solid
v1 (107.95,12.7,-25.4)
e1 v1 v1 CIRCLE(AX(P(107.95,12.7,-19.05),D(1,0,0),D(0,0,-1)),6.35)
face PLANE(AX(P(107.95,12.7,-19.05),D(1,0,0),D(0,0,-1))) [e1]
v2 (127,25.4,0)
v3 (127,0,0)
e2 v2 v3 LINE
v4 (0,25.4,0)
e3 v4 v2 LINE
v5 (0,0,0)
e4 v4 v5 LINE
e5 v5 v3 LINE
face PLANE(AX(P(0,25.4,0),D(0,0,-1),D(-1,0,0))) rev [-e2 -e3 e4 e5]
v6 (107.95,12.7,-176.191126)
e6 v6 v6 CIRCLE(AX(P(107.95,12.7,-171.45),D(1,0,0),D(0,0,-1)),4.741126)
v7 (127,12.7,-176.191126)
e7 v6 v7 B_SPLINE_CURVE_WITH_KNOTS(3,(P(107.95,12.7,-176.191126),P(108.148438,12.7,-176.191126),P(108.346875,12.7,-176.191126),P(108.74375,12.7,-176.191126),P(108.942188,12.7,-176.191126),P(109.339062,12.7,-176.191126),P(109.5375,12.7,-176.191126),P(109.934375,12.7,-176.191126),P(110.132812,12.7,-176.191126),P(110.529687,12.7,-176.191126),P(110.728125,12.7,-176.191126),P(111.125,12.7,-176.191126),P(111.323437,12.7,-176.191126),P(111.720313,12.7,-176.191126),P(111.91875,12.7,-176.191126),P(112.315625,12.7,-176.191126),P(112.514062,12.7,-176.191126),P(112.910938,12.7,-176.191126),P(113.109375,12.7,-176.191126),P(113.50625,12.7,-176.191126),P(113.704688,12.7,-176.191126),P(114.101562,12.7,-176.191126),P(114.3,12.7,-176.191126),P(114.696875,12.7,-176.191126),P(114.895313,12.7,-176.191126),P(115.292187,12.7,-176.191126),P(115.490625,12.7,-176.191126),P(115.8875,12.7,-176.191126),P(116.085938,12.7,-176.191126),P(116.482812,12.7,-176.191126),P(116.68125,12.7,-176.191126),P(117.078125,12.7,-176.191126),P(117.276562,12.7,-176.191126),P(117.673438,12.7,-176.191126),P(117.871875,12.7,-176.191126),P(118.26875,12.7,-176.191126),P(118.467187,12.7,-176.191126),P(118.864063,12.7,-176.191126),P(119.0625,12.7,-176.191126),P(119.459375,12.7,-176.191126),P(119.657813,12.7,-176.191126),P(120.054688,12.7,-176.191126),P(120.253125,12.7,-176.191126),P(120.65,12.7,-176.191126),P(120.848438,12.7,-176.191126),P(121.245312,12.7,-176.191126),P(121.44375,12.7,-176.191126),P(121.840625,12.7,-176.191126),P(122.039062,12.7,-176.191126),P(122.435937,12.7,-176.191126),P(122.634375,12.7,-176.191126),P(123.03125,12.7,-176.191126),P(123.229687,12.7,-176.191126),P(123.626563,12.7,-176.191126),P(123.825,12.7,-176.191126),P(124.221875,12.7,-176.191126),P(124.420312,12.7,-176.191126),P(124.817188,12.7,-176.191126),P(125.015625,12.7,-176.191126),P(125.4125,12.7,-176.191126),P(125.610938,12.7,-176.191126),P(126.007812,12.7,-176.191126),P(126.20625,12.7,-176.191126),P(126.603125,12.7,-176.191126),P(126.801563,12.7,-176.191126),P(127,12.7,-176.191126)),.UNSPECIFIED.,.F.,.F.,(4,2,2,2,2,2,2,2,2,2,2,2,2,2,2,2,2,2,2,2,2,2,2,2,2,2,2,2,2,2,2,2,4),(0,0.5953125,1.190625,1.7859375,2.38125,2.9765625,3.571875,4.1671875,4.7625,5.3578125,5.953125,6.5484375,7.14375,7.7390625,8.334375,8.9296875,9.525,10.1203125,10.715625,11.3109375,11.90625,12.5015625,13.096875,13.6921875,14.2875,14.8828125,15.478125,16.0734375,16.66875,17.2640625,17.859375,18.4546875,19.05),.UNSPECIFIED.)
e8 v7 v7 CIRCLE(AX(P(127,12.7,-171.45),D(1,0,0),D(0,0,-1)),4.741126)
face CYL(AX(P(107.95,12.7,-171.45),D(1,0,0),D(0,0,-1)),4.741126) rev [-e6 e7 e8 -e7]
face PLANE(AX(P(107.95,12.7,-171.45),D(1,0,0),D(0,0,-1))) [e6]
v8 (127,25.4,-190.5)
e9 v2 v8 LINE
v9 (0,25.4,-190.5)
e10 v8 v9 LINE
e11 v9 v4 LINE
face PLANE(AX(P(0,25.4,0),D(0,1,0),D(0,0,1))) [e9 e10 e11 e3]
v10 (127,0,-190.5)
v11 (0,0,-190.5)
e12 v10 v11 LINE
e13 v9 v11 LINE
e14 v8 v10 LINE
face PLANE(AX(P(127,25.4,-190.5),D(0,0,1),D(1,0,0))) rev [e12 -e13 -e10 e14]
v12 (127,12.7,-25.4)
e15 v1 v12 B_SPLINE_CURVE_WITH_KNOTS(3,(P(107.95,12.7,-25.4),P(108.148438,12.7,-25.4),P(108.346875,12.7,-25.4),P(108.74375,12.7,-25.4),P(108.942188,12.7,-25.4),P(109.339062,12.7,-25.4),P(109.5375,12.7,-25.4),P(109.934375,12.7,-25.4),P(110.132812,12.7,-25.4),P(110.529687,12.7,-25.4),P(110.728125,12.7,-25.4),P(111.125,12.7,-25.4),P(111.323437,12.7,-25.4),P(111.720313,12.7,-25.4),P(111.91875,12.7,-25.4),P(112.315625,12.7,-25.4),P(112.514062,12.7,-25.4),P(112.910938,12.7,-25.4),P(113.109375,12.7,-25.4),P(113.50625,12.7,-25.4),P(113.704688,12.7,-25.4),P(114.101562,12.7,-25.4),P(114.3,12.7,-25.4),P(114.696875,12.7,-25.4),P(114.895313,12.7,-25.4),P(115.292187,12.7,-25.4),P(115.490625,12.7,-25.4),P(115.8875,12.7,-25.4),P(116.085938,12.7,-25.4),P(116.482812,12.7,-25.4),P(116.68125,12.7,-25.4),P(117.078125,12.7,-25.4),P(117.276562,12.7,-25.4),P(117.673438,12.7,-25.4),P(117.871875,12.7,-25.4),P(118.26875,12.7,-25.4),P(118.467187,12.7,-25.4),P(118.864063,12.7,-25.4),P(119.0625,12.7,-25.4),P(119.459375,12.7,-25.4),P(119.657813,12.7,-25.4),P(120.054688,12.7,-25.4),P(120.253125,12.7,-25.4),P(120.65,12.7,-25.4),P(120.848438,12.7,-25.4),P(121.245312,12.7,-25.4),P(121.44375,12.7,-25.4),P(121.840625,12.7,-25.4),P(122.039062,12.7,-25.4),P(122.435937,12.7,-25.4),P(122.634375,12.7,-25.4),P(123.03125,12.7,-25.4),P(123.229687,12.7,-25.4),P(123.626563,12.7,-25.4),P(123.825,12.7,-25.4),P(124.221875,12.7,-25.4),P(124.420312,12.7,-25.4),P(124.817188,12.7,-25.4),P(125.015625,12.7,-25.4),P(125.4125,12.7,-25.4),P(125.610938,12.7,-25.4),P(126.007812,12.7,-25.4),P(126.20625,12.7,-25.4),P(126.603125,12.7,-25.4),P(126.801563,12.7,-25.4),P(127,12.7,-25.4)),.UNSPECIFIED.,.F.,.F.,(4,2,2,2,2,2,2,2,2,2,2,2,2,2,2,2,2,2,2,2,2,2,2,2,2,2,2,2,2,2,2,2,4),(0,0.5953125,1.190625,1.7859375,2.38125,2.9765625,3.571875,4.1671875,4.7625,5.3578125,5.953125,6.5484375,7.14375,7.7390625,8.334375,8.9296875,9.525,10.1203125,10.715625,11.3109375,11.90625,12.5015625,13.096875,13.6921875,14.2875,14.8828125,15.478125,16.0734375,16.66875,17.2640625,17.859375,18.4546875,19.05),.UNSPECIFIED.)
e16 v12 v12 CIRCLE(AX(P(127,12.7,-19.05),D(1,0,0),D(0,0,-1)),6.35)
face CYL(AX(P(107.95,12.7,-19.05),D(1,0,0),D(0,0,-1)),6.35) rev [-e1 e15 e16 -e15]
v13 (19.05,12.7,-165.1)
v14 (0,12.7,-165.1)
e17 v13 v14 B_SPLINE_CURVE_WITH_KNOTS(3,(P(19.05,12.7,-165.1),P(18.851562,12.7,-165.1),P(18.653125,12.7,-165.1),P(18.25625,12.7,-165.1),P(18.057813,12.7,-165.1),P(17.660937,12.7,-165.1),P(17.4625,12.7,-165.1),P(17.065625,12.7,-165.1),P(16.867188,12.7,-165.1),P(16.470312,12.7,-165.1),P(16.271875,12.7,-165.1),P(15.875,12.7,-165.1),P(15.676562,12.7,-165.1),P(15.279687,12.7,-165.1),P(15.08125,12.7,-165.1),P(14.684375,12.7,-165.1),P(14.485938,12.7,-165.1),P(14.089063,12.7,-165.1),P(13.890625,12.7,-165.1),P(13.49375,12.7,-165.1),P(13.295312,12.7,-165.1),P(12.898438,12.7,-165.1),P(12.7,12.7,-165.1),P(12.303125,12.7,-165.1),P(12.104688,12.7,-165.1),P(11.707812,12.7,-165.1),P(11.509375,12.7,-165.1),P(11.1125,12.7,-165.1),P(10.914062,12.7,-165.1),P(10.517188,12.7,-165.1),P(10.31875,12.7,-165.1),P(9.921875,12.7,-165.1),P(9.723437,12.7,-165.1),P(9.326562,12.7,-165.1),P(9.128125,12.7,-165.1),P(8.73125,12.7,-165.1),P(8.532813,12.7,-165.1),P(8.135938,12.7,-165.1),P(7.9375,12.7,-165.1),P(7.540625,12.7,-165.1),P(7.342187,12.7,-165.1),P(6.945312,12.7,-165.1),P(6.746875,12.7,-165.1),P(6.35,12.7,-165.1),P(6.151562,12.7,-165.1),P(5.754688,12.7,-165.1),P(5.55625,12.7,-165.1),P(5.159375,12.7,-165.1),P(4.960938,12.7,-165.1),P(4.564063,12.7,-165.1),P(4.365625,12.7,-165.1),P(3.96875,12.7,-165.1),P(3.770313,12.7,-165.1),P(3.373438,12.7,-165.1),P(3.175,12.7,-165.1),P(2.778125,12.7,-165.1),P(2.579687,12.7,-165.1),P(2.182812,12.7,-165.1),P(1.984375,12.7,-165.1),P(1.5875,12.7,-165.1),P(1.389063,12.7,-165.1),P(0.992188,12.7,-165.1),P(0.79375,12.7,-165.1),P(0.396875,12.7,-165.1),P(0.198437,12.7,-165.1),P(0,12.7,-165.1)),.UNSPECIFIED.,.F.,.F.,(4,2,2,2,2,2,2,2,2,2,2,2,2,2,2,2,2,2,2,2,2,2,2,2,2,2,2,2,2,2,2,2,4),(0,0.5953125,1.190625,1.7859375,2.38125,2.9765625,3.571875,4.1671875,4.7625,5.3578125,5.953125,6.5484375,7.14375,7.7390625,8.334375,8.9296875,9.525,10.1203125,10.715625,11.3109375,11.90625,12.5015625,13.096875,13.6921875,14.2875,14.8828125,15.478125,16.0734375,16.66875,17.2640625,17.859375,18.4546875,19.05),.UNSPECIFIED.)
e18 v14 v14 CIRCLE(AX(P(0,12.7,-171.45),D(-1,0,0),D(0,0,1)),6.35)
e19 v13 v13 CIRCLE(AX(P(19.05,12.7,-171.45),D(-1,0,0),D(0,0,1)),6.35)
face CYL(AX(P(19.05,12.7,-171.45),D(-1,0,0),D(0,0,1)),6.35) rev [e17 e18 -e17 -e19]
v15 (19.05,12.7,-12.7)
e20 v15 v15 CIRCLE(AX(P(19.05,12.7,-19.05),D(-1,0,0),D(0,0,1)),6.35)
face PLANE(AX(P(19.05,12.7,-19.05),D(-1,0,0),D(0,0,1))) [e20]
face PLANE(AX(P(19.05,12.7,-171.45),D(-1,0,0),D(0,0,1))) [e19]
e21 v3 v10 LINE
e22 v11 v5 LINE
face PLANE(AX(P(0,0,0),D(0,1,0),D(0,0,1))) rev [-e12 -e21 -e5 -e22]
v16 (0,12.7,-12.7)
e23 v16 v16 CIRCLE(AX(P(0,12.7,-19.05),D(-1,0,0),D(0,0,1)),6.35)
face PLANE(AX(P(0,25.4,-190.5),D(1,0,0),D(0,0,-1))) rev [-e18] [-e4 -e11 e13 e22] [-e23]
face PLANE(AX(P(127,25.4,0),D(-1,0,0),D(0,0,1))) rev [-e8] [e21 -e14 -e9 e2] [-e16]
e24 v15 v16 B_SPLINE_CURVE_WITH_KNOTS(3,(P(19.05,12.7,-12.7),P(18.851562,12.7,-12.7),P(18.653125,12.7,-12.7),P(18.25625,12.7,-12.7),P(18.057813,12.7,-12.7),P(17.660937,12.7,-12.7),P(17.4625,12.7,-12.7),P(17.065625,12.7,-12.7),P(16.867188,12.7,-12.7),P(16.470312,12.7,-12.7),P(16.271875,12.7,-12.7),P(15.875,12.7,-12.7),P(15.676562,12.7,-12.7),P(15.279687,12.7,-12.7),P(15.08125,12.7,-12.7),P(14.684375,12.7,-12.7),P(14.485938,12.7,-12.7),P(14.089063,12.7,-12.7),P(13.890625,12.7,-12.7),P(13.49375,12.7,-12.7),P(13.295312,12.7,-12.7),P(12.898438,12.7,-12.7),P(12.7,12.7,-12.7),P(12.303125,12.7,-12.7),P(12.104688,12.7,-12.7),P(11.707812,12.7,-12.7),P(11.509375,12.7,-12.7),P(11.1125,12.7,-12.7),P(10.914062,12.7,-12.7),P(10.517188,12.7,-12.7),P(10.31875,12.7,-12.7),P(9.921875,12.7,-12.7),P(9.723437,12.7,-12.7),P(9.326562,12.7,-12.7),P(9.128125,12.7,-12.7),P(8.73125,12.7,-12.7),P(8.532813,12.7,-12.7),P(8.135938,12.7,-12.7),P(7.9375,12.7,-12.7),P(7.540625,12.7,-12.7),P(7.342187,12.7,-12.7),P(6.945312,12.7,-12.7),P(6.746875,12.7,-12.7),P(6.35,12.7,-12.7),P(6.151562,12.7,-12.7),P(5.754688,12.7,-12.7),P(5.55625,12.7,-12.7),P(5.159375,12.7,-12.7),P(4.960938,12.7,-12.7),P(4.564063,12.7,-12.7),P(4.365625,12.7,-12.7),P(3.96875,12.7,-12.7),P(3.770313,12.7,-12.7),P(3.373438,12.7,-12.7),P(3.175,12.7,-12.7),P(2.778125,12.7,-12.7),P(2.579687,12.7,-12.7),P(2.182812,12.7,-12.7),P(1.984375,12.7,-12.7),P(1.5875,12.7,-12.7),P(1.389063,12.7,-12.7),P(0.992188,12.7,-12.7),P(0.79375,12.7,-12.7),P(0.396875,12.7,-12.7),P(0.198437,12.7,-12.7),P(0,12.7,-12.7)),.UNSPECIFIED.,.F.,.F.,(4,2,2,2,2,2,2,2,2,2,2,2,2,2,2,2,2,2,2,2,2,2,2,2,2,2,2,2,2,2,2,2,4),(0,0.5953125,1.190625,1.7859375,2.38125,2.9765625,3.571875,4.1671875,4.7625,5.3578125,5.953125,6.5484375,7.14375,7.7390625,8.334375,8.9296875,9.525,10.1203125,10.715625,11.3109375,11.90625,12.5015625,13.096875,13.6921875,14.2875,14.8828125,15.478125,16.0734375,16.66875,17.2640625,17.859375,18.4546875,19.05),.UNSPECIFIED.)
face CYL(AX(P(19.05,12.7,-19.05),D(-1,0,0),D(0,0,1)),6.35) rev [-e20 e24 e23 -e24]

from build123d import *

# Parameters (mm, degrees)
SKETCH1_W           = 127
SKETCH1_H           = 190.5
BOSS_EXTRUDE1_DEPTH = 25.4
SKETCH2_R           = 6.35
CUT_EXTRUDE1_DEPTH  = 19.05
SKETCH3_R           = 4.741125957
CUT_EXTRUDE2_DEPTH  = 19.05
CUT_EXTRUDE3_START  = -19.05
SKETCH8_R           = 6.35
CUT_EXTRUDE3_DEPTH  = 19.05


with BuildPart() as part:
    # Sketch1 → Boss-Extrude1 (new body)
    with BuildSketch(Plane(origin=(0, 0, 0), x_dir=(1, 0, 0), z_dir=(0, 1, 0))):
        with Locations((63.5, 95.25)):
            Rectangle(SKETCH1_W, SKETCH1_H)
    extrude(amount=BOSS_EXTRUDE1_DEPTH)

    # Sketch2 → Cut-Extrude1 (cut)
    with BuildSketch(Plane(origin=(127, 0, 0), x_dir=(0, 0, -1), z_dir=(1, 0, 0))):
        with Locations((19.05, 12.7)):
            Circle(SKETCH2_R)
    extrude(amount=-CUT_EXTRUDE1_DEPTH, mode=Mode.SUBTRACT)

    # Sketch3 → Cut-Extrude2 (cut)
    with BuildSketch(Plane(origin=(127, 0, 0), x_dir=(0, 0, -1), z_dir=(1, 0, 0))):
        with Locations((171.45, 12.7)):
            Circle(SKETCH3_R)
    extrude(amount=-CUT_EXTRUDE2_DEPTH, mode=Mode.SUBTRACT)

    # Sketch8 → Cut-Extrude3 (cut)
    with BuildSketch(Plane.ZY.offset(CUT_EXTRUDE3_START)):
        with Locations((-171.45, 12.7)):
            Circle(SKETCH8_R)
        with Locations(Location((-19.05, 12.7, 0), (0, 0, 180))):
            Circle(SKETCH8_R)
    extrude(amount=CUT_EXTRUDE3_DEPTH, mode=Mode.SUBTRACT)


solid = part.part
